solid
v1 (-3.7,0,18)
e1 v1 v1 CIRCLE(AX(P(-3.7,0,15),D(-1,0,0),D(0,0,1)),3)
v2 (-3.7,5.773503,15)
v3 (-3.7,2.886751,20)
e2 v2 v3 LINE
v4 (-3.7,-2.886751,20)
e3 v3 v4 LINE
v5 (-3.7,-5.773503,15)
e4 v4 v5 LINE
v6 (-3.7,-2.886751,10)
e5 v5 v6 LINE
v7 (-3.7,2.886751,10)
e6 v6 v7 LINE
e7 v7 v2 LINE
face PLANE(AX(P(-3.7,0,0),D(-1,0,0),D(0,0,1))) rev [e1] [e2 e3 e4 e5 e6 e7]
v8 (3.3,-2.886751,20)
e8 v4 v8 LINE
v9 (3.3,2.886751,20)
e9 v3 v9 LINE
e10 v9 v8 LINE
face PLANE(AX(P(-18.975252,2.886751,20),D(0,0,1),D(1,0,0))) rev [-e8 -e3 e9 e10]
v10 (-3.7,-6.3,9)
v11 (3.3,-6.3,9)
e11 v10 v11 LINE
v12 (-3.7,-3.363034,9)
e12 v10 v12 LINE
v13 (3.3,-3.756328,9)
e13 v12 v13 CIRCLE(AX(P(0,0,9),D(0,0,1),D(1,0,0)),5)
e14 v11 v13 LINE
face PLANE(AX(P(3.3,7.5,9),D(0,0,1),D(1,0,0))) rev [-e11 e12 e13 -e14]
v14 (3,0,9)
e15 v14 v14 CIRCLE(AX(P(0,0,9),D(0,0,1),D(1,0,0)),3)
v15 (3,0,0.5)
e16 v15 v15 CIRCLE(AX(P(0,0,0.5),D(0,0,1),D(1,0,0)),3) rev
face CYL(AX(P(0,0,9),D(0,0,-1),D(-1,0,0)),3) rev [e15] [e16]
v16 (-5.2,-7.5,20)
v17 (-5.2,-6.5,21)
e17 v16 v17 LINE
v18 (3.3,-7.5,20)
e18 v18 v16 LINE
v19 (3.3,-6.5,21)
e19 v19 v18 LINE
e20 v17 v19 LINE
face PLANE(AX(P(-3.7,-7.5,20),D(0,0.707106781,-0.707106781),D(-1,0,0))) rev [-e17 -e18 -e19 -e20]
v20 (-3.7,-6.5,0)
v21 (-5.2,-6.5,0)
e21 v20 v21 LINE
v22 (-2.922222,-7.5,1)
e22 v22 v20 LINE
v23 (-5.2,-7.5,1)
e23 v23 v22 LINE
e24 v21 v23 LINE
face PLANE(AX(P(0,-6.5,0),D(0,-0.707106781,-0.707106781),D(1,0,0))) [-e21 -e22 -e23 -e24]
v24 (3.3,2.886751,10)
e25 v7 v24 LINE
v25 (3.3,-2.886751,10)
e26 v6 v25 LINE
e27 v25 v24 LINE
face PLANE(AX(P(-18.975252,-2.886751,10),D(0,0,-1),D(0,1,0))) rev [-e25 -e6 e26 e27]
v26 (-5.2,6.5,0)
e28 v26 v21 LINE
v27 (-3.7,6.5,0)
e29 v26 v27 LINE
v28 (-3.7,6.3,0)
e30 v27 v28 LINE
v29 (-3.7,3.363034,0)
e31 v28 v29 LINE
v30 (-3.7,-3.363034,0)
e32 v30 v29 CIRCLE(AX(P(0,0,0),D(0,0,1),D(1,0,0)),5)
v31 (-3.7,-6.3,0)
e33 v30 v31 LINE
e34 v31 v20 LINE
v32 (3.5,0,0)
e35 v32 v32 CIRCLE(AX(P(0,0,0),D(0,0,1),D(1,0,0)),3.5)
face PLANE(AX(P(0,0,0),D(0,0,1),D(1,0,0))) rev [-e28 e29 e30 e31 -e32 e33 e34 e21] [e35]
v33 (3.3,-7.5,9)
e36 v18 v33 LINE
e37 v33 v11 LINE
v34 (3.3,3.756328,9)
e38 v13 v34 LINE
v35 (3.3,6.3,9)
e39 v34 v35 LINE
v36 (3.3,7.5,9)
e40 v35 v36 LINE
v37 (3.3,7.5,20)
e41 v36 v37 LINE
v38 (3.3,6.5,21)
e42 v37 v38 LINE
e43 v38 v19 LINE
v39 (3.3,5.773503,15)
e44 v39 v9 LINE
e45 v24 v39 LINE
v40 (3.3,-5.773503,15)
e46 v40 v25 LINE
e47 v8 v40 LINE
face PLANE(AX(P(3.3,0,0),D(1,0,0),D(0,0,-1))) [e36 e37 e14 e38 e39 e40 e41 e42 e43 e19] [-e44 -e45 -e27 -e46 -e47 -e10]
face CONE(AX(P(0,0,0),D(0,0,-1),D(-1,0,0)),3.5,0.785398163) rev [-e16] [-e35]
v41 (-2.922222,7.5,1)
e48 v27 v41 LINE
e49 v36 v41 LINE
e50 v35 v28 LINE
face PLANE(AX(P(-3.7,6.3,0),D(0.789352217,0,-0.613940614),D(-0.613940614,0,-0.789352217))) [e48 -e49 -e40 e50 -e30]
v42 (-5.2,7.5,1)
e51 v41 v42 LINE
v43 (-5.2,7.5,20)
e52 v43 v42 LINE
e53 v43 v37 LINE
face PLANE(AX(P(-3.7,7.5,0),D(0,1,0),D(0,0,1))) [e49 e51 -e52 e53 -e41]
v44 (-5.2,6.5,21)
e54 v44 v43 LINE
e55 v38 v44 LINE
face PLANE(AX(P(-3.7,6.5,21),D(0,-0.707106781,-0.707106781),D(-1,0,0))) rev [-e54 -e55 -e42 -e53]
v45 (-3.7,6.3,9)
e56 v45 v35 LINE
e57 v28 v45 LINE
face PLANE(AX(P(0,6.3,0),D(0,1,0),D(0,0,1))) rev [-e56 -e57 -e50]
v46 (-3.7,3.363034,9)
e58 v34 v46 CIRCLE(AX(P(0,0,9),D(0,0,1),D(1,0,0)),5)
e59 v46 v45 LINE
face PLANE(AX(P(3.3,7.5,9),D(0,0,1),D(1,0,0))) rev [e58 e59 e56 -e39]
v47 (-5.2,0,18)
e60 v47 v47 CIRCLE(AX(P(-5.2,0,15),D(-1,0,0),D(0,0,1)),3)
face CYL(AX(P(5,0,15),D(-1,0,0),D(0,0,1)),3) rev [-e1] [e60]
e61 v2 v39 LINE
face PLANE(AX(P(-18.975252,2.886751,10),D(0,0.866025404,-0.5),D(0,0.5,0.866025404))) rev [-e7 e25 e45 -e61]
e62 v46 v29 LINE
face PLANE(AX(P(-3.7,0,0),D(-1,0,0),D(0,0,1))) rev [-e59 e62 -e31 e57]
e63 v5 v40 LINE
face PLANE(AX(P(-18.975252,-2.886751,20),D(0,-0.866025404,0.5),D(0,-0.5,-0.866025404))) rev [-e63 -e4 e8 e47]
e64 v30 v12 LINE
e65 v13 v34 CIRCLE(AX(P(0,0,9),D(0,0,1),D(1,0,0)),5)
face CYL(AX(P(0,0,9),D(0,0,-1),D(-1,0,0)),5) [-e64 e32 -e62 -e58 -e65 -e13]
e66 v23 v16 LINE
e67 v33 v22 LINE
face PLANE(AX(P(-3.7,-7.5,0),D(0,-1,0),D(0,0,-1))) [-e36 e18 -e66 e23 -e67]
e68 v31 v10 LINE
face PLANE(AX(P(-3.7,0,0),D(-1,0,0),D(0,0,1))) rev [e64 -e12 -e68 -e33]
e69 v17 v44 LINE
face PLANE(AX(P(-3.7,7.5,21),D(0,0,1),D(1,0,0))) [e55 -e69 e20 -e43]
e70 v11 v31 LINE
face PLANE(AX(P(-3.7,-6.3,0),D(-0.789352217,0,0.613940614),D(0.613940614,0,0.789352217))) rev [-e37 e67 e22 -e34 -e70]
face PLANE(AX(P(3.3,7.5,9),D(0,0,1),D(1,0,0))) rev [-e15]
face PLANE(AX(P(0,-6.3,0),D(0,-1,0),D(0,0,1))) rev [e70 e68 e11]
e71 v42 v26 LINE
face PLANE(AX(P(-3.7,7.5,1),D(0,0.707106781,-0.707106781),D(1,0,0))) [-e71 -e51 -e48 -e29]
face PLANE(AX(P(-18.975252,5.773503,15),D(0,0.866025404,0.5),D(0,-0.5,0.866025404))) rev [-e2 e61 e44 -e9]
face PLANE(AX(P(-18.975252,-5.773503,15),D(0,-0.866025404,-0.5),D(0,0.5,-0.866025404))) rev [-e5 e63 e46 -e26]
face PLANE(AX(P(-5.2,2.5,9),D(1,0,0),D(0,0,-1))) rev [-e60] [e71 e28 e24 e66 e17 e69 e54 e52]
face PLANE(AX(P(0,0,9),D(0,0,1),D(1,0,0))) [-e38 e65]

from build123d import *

# Parameters (mm, degrees)
SALIENTE_EXTRUIR1_DEPTH = 9
CROQUIS3_W              = 21
CROQUIS3_H              = 15
SALIENTE_EXTRUIR2_DEPTH = 1.5
CROQUIS4_R              = 3
CORTAR_EXTRUIR1_DEPTH   = 11.2
CROQUIS5_W              = 12
CROQUIS5_H              = 15
SALIENTE_EXTRUIR3_DEPTH = 7
CORTAR_EXTRUIR2_DEPTH   = 7
CHAFL_N1_SIZE           = 0.5
SALIENTE_EXTRUIR4_DEPTH = 1.2
CHAFL_N2_SIZE           = 1


with BuildPart() as part:
    # Croquis1 → Saliente-Extruir1 (new body)
    with BuildSketch(Plane.XY):
        with BuildLine():
            Line((-4.330127019, 2.5), (-5.2, 2.5))
            Line((-5.2, 2.5), (-5.2, -2.5))
            Line((-5.2, -2.5), (-4.330127019, -2.5))
            ThreePointArc((-4.330127019, -2.5), (-0.868240888, -4.924038765), (3.213938048, -3.830222216))
            ThreePointArc((3.213938048, -3.830222216), (5, 0), (3.213938048, 3.830222216))
            ThreePointArc((3.213938048, 3.830222216), (-0.868240888, 4.924038765), (-4.330127019, 2.5))
        make_face()
        with BuildLine():
            ThreePointArc((1.928362829, 2.298133329), (-3, 0), (1.928362829, -2.298133329))
            ThreePointArc((1.928362829, -2.298133329), (3, 0), (1.928362829, 2.298133329))
        make_face(mode=Mode.SUBTRACT)
    extrude(amount=SALIENTE_EXTRUIR1_DEPTH)

    # Croquis3 → Saliente-Extruir2 (add)
    with BuildSketch(Plane.ZY.offset(5.2)):
        with Locations((10.5, 0)):
            Rectangle(CROQUIS3_W, CROQUIS3_H)
    extrude(amount=-SALIENTE_EXTRUIR2_DEPTH)

    # Croquis4 → Cortar-Extruir1 (cut, through all)
    with BuildSketch(Plane.ZY.offset(5.2)):
        with Locations((15, 0)):
            Circle(CROQUIS4_R)
    extrude(amount=-CORTAR_EXTRUIR1_DEPTH, mode=Mode.SUBTRACT)

    # Croquis5 → Saliente-Extruir3 (add)
    with BuildSketch(Plane(origin=(-3.7, 0, 0), x_dir=(0, 0, -1), z_dir=(1, 0, 0))):
        with Locations((-15, 0)):
            Rectangle(CROQUIS5_W, CROQUIS5_H)
    extrude(amount=SALIENTE_EXTRUIR3_DEPTH)

    # Croquis7 → Cortar-Extruir2 (cut)
    with BuildSketch(Plane(origin=(3.3, 0, 0), x_dir=(0, 0, -1), z_dir=(1, 0, 0))):
        Polygon((-10, -2.886751346), (-10, 2.886751346), (-15, 5.773502692), (-20, 2.886751346), (-20, -2.886751346), (-15, -5.773502692), align=None)
    extrude(amount=-CORTAR_EXTRUIR2_DEPTH, mode=Mode.SUBTRACT)

    # Chaflán1
    chafl_n1_edges = [part.edges().sort_by_distance(p)[0] for p in [
        (-1.928362829, 2.298133329, 0),
    ]]
    chamfer(chafl_n1_edges, length=CHAFL_N1_SIZE)

    # Croquis8 → Saliente-Extruir4 (add)
    with BuildSketch(Plane(origin=(0, 7.5, 0), x_dir=(1, 0, 0), z_dir=(0, 1, 0))):
        Polygon((-3.7, 0), (3.3, -9), (-3.7, -9), align=None)
    saliente_extruir4 = extrude(amount=-SALIENTE_EXTRUIR4_DEPTH)

    # Simetría1: Saliente-Extruir4 across plane
    add(saliente_extruir4.mirror(Plane.ZX))

    # Chaflán2
    chafl_n2_edges = [part.edges().sort_by_distance(p)[0] for p in [
        (-4.45, -7.5, 0),
        (-4.45, 7.5, 0),
        (-0.95, 7.5, 21),
        (-0.95, -7.5, 21),
    ]]
    chamfer(chafl_n2_edges, length=CHAFL_N2_SIZE)


solid = part.part
